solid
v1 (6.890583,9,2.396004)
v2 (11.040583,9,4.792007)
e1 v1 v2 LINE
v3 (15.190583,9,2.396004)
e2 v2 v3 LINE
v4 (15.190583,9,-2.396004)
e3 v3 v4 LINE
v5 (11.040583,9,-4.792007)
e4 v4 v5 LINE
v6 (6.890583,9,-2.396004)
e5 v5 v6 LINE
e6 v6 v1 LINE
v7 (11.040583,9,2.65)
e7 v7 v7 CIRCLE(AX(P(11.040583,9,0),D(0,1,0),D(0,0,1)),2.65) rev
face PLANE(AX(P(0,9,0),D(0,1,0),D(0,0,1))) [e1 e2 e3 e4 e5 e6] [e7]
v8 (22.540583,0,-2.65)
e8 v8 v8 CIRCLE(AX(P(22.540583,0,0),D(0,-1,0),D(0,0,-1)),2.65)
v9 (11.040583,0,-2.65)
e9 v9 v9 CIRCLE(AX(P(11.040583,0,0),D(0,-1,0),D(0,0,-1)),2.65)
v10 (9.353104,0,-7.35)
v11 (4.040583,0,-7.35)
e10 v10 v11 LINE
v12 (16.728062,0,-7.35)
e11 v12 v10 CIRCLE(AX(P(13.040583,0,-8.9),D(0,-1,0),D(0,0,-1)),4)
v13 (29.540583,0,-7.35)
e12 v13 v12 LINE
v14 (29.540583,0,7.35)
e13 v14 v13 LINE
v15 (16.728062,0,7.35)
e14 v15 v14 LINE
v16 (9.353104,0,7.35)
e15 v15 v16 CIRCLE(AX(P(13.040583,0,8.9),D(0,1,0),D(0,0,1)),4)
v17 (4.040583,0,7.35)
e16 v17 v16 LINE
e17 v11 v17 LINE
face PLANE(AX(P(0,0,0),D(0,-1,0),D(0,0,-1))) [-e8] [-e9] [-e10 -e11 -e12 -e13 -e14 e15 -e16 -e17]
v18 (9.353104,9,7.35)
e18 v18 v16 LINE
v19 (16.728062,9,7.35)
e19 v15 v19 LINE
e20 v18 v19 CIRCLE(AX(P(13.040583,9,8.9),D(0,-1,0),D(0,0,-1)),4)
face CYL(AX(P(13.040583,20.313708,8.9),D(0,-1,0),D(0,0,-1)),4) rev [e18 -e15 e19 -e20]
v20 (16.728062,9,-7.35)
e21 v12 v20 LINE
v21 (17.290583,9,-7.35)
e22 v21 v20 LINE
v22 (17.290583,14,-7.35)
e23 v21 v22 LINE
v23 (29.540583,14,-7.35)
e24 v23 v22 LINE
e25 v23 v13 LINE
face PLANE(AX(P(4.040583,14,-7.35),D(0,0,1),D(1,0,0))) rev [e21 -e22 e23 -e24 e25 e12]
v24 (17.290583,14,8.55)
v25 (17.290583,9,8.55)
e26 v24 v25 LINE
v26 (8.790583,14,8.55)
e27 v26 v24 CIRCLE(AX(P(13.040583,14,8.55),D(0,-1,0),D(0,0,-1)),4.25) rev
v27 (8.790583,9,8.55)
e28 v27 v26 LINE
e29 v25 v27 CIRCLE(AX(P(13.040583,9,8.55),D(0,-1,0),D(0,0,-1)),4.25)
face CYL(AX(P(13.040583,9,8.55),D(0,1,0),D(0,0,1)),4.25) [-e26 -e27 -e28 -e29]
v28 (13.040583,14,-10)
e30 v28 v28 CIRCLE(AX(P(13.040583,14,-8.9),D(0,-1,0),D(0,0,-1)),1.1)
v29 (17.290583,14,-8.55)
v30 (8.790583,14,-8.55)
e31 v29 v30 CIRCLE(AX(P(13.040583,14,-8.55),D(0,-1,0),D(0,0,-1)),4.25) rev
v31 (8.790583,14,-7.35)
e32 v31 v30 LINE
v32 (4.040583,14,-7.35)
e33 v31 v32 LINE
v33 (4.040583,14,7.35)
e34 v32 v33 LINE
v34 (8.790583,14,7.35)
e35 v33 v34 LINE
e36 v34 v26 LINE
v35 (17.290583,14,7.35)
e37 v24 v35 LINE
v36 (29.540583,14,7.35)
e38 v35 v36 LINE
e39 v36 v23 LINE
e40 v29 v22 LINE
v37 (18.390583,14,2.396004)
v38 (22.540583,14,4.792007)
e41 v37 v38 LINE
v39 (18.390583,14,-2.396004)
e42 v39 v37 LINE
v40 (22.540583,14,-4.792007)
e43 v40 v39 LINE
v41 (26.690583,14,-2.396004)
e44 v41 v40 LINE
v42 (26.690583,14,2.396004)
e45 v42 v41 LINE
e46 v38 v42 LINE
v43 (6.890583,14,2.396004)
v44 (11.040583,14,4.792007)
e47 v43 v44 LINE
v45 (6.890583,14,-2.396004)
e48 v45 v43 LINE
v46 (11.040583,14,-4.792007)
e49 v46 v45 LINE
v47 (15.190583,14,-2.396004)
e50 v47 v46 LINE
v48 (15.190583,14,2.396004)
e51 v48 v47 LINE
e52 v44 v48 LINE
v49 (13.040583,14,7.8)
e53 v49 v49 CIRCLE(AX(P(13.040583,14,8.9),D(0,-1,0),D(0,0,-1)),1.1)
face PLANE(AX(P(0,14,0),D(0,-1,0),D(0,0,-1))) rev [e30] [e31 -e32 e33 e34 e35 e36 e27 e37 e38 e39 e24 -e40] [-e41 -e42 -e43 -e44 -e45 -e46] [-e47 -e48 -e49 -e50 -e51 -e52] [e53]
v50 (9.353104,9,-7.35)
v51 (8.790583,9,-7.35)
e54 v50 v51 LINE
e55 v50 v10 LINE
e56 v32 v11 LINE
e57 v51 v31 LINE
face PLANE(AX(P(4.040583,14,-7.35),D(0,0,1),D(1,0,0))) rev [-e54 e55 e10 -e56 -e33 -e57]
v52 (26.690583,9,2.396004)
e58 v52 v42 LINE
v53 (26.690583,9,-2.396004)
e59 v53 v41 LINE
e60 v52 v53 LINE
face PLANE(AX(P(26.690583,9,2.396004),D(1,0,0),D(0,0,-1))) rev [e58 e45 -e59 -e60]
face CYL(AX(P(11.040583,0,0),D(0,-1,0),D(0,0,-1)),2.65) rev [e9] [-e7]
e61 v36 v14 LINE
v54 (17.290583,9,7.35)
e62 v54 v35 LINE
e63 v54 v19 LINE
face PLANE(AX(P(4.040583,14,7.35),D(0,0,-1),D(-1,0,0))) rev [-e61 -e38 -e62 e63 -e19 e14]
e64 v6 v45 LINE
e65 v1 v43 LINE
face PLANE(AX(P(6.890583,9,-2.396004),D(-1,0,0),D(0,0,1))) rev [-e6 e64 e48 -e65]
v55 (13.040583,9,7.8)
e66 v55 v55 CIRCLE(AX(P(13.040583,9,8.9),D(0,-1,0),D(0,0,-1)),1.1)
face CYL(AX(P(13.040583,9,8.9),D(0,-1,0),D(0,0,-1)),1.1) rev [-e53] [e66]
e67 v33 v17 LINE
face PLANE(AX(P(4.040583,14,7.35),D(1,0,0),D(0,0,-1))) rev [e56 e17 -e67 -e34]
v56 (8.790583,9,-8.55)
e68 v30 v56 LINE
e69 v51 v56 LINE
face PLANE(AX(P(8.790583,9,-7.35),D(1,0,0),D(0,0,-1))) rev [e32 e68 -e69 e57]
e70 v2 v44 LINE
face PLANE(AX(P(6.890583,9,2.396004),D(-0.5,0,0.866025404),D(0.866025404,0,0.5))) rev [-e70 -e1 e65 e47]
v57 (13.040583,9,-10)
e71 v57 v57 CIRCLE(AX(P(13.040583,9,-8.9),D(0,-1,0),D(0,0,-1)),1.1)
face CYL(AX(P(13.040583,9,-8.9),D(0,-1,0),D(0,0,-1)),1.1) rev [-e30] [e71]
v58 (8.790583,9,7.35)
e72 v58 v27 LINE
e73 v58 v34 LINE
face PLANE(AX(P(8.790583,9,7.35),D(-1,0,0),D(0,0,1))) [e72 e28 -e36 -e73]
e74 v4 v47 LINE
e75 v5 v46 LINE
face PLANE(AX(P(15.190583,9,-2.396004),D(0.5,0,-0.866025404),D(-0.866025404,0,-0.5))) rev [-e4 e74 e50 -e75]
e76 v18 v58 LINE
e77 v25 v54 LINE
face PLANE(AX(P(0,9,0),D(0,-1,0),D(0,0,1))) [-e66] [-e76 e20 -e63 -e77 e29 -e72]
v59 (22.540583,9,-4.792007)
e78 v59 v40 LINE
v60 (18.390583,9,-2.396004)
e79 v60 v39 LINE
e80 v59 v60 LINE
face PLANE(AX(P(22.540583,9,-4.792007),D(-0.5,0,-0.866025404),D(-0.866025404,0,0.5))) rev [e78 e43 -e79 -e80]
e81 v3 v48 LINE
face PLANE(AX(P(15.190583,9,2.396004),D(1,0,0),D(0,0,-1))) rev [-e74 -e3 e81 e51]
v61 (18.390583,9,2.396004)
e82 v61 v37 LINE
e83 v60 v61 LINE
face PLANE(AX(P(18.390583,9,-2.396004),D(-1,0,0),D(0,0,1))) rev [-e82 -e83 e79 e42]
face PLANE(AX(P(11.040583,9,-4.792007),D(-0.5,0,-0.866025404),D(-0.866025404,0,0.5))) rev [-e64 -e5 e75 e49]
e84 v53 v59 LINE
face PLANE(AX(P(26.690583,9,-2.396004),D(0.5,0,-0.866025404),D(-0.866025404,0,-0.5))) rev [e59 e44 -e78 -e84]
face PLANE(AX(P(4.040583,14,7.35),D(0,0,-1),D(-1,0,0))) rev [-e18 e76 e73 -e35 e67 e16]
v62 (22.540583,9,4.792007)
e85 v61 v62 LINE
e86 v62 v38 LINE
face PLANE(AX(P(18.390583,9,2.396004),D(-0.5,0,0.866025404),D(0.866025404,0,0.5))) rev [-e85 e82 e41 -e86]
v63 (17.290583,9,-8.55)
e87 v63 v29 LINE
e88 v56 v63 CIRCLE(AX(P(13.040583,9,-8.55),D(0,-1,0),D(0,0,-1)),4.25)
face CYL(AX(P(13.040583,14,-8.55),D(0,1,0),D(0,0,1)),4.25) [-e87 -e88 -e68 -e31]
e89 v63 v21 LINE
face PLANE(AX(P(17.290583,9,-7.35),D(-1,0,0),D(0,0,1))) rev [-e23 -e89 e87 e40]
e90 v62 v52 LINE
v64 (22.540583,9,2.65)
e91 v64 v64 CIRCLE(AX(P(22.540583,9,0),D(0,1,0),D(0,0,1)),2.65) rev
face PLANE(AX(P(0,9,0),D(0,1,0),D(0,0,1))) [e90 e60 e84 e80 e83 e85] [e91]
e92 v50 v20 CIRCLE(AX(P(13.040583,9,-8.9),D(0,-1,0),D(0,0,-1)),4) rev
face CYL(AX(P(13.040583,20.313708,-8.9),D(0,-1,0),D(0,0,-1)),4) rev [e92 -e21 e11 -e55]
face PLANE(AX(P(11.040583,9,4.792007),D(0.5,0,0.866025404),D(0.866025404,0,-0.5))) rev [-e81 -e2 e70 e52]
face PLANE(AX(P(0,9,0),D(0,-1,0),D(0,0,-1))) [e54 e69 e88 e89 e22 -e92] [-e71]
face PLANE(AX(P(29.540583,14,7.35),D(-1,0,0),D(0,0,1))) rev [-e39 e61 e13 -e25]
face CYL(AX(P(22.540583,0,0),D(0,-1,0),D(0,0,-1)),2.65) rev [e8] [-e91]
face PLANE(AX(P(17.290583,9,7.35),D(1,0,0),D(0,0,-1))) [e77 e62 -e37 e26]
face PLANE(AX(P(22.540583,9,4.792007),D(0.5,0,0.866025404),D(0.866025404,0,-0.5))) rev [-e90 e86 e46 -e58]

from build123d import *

# Parameters (mm, degrees)
SKETCH_1_W                    = 25.5
SKETCH_1_H                    = 14.7
EXTRUDE_415_DEPTH             = 14
SKETCH_4_W                    = 8.5
SKETCH_4_H                    = 5.45
EXTRUDE_2_DEPTH               = 5
FILLET_1_RADIUS               = 4.25
FILLET_1_LENGTH               = 5
HOLE_WIZARD_M2_1_D            = 2.2
SKETCH_7_R                    = 4
CUT_EXTRUDE_3_DEPTH           = 9
FILLET_1_OF_MIRROR_1_2_RADIUS = 4.25
FILLET_1_OF_MIRROR_1_2_LENGTH = 5
HOLE_WIZARD_M5_1_D            = 5.3
CUT_EXTRUDE_4_DEPTH           = 5


with BuildPart() as part:
    # 草图1 → Extrude 415 (new body)
    with BuildSketch(Plane(origin=(0, 0, 0), x_dir=(1, 0, 0), z_dir=(0, 1, 0))):
        with Locations((16.790583128, 0)):
            Rectangle(SKETCH_1_W, SKETCH_1_H)
    extrude(amount=EXTRUDE_415_DEPTH)

    # 草图4 → 凸台-拉伸2 (add)
    with BuildSketch(Plane.XZ.offset(-14)):
        with Locations((13.040583128, -10.075)):
            Rectangle(SKETCH_4_W, SKETCH_4_H)
    extrude_2 = extrude(amount=EXTRUDE_2_DEPTH)

    # 圆角1: full round fillet: the end face becomes a half cylinder, R = half its width
    fillet_1_face = Plane((13.040583128, 11.5, -12.8), x_dir=(0, 1, 0), z_dir=(0, 0, -1))  # on the end face: x along it, z out of the body
    fillet_1_slab = fillet_1_face.offset(-FILLET_1_RADIUS / 2) * Box(FILLET_1_LENGTH, 2 * FILLET_1_RADIUS, FILLET_1_RADIUS, mode=Mode.PRIVATE)  # the body's end, R deep
    fillet_1_round = Plane((13.040583128, 11.5, -8.55), x_dir=(0, 0, -1), z_dir=(0, 1, 0)) * Cylinder(FILLET_1_RADIUS, FILLET_1_LENGTH, mode=Mode.PRIVATE)  # its axis R under the face
    add(fillet_1_slab - fillet_1_round, mode=Mode.SUBTRACT)

    # M2 间隙孔1 (through all)
    with Locations(Plane(origin=(0, 9, 0), x_dir=(-1, 0, 0), z_dir=(0, -1, 0))):
        with Locations((-13.040583128, 8.9)):
            hole_wizard_m2_1 = Hole(HOLE_WIZARD_M2_1_D / 2)

    # 草图7 → 切除-拉伸3 (cut)
    with BuildSketch(Plane.XZ):
        with Locations((13.040583128, -8.9)):
            Circle(SKETCH_7_R)
    cut_extrude_3 = extrude(amount=-CUT_EXTRUDE_3_DEPTH, mode=Mode.SUBTRACT)

    # 镜向1: 凸台-拉伸2, M2 间隙孔1, 切除-拉伸3 across plane
    add(extrude_2.mirror(Plane.XY))
    add(hole_wizard_m2_1.mirror(Plane.XY), mode=Mode.SUBTRACT)
    add(cut_extrude_3.mirror(Plane.XY), mode=Mode.SUBTRACT)

    # 圆角1 of Mirror 1 2: full round fillet: the end face becomes a half cylinder, R = half its width
    fillet_1_of_mirror_1_2_face = Plane((13.040583128, 11.5, 12.8), x_dir=(0, 1, 0), z_dir=(0, 0, 1))  # on the end face: x along it, z out of the body
    fillet_1_of_mirror_1_2_slab = fillet_1_of_mirror_1_2_face.offset(-FILLET_1_OF_MIRROR_1_2_RADIUS / 2) * Box(FILLET_1_OF_MIRROR_1_2_LENGTH, 2 * FILLET_1_OF_MIRROR_1_2_RADIUS, FILLET_1_OF_MIRROR_1_2_RADIUS, mode=Mode.PRIVATE)  # the body's end, R deep
    fillet_1_of_mirror_1_2_round = Plane((13.040583128, 11.5, 8.55), x_dir=(0, 0, 1), z_dir=(0, 1, 0)) * Cylinder(FILLET_1_OF_MIRROR_1_2_RADIUS, FILLET_1_OF_MIRROR_1_2_LENGTH, mode=Mode.PRIVATE)  # its axis R under the face
    add(fillet_1_of_mirror_1_2_slab - fillet_1_of_mirror_1_2_round, mode=Mode.SUBTRACT)

    # M5 间隙孔1 (through all)
    with Locations(Plane(origin=(0, 0, 0), x_dir=(-1, 0, 0), z_dir=(0, -1, 0))):
        with Locations((-22.540583128, 0), (-11.040583128, 0)):
            Hole(HOLE_WIZARD_M5_1_D / 2)

    # 草图10 → 切除-拉伸4 (cut)
    with BuildSketch(Plane(origin=(0, 14, 0), x_dir=(1, 0, 0), z_dir=(0, 1, 0))):
        Polygon((11.040583128, 4.792007234), (6.890583128, 2.396003617), (6.890583128, -2.396003617), (11.040583128, -4.792007234), (15.190583128, -2.396003617), (15.190583128, 2.396003617), align=None)
        Polygon((22.540583128, 4.792007234), (18.390583128, 2.396003617), (18.390583128, -2.396003617), (22.540583128, -4.792007234), (26.690583128, -2.396003617), (26.690583128, 2.396003617), align=None)
    extrude(amount=-CUT_EXTRUDE_4_DEPTH, mode=Mode.SUBTRACT)


solid = part.part
